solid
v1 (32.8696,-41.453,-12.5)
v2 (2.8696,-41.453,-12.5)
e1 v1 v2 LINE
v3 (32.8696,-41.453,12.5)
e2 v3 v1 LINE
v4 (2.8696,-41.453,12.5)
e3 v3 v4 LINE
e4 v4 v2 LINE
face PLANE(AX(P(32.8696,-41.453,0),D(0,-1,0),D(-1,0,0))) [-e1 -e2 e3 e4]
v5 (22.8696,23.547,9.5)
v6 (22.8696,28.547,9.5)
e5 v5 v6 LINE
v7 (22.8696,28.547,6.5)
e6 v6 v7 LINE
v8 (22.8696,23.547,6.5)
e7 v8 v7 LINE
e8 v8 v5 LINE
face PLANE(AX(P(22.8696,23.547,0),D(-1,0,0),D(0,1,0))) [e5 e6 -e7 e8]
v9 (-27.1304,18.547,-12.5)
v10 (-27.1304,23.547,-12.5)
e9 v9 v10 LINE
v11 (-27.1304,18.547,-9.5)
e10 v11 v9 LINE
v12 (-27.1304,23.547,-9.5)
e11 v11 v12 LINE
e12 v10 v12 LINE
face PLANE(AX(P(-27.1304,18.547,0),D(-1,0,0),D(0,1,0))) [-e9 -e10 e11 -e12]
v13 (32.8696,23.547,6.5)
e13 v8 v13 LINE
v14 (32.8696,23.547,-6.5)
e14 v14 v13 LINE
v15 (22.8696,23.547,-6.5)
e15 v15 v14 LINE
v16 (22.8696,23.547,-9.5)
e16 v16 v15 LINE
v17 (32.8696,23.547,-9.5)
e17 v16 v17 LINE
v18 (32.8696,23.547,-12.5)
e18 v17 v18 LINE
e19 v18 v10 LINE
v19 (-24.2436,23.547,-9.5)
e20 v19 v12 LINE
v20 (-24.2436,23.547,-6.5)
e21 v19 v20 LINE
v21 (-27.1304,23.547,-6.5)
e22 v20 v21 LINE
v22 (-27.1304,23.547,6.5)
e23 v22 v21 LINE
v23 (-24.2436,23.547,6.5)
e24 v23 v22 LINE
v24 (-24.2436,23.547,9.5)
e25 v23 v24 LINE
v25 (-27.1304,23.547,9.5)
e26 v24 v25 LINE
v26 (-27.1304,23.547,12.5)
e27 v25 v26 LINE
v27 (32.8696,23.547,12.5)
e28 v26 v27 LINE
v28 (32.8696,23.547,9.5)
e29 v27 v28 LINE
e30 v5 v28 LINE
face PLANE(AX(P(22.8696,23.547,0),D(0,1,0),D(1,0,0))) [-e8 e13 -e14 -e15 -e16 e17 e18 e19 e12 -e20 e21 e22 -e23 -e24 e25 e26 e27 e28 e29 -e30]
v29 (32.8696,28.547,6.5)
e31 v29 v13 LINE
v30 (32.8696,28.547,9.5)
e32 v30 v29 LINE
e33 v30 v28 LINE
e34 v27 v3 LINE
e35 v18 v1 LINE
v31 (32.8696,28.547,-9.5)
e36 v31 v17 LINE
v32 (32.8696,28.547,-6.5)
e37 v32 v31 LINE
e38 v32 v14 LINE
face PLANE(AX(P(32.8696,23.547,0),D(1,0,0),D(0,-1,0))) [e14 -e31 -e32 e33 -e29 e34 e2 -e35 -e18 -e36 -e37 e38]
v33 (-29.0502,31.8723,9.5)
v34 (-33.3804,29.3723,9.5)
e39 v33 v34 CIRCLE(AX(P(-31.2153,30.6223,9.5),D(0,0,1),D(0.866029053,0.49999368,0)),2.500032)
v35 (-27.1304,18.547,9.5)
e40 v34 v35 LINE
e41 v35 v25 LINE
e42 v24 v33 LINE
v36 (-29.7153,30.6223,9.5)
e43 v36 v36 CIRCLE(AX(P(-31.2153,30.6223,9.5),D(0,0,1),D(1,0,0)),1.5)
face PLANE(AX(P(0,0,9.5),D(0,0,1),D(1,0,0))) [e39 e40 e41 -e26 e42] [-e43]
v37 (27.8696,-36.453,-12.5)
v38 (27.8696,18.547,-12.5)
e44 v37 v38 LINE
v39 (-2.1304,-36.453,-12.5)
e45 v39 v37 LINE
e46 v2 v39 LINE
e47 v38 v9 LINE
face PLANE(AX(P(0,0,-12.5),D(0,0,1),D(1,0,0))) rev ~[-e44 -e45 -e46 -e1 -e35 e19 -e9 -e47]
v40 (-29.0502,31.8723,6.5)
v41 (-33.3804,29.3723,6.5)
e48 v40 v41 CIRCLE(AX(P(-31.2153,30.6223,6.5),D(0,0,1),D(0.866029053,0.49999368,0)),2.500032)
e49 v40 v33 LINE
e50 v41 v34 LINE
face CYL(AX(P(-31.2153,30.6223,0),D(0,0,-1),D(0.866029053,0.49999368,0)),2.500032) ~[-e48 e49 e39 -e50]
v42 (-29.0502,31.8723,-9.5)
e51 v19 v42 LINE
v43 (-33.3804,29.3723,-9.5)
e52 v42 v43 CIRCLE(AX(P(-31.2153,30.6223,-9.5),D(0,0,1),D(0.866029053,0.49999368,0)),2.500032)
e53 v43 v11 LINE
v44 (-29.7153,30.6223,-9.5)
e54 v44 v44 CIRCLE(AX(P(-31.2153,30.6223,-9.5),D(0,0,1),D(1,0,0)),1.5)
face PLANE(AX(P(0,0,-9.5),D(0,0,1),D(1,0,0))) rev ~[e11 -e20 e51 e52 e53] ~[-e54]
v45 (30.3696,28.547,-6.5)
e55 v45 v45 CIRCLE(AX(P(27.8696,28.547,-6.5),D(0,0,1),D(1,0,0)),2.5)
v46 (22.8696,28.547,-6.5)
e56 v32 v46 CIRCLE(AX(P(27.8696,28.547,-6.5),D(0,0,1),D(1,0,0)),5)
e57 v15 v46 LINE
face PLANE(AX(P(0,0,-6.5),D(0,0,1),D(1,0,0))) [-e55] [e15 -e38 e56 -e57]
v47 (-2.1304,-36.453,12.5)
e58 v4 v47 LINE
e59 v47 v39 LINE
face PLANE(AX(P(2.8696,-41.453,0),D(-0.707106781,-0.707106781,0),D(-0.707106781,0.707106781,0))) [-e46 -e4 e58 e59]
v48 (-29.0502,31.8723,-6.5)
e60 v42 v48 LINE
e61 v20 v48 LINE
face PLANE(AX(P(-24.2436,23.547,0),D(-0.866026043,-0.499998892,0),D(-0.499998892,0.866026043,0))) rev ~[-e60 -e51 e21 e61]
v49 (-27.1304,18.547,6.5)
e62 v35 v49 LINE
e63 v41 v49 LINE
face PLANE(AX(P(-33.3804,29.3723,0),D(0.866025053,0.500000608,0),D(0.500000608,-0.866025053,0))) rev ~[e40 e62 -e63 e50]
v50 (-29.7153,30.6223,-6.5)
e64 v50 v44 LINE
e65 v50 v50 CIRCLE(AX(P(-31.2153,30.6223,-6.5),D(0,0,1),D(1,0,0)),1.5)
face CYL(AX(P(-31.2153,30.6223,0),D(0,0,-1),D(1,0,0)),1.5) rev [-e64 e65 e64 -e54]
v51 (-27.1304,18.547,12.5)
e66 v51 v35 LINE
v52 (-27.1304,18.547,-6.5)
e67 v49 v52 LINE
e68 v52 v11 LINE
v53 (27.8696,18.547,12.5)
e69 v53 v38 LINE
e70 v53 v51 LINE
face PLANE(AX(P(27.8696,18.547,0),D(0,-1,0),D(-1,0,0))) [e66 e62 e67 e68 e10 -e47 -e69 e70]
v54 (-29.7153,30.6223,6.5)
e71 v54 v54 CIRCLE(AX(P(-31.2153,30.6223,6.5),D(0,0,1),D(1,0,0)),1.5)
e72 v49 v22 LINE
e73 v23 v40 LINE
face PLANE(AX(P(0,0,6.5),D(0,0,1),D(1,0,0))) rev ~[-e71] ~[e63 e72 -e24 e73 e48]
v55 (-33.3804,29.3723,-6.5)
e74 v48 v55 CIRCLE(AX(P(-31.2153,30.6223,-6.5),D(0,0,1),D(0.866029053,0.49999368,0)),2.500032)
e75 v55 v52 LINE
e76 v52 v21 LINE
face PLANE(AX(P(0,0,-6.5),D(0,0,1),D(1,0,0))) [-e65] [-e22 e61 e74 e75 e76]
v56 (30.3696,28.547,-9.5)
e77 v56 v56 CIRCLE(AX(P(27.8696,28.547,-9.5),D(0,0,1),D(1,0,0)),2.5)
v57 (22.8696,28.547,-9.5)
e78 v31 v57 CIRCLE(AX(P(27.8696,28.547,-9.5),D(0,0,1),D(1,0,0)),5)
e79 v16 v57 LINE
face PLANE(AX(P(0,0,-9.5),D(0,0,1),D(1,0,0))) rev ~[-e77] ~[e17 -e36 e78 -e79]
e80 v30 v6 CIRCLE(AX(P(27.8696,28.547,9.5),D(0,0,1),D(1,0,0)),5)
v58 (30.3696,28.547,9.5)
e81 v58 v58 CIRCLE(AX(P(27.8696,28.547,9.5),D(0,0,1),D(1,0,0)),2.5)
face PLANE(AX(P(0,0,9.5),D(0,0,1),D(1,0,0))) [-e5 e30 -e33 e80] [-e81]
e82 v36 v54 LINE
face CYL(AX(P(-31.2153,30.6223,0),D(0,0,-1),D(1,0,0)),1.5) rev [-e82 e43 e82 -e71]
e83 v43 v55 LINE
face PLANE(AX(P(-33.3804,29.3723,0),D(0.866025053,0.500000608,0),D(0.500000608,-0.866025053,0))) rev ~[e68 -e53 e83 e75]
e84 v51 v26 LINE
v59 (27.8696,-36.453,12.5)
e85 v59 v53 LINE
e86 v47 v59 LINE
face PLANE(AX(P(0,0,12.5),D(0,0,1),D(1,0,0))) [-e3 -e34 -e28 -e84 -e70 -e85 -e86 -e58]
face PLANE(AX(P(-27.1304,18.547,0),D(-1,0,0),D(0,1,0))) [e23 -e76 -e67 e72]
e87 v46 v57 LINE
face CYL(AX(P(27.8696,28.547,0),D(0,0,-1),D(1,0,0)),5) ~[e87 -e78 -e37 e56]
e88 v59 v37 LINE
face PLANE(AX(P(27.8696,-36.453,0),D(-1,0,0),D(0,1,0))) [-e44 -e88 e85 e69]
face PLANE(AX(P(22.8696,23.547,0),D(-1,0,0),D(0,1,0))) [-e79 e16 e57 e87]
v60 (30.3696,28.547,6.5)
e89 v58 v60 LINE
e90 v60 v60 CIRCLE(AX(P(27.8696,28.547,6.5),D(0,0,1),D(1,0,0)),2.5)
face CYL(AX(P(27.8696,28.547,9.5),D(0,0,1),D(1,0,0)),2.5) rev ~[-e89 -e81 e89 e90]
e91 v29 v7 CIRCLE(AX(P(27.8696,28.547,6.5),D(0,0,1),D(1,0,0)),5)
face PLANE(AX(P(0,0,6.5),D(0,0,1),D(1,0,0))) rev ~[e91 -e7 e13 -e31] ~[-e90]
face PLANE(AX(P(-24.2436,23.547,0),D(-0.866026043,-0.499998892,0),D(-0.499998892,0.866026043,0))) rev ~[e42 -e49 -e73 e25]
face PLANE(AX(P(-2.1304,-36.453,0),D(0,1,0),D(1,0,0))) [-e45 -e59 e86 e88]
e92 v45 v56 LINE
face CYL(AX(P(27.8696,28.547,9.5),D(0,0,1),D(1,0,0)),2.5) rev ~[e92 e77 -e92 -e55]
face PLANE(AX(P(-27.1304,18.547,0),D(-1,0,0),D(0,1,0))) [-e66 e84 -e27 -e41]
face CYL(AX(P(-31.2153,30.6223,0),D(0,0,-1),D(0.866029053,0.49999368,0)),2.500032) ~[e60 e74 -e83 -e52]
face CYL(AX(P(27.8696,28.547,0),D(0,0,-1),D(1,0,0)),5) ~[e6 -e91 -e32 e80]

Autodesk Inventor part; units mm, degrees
ref_plane "YZ Plane" through (0, 0, 0) normal (1, 0, 0) x (0, 1, 0)
ref_plane "XZ Plane" through (0, 0, 0) normal (0, 1, 0) x (-1, 0, 0)
sketch "Sketch1" plane through (0, 0, 0) normal (0, 0, 1) x (1, 0, 0)
  circle A0 centre (-31.2153, 30.6223) radius 1.5
  line L0 (22.8696, 23.547) -> (22.8696, 28.547)
  line L1 (-24.2436, 23.547) -> (22.8696, 23.547)
  line L2 (-24.2436, 23.547) -> (-29.0502, 31.8723)
  arc A1 (-29.0502, 31.8723) -> (-33.3804, 29.3723) centre (-31.2153, 30.6223) ccw
  line L3 (-33.3804, 29.3723) -> (-27.1304, 18.547)
  line L4 (27.8696, 18.547) -> (-27.1304, 18.547)
  line L5 (27.8696, -36.453) -> (27.8696, 18.547)
  line L6 (-2.1304, -36.453) -> (27.8696, -36.453)
  line L7 (2.8696, -41.453) -> (-2.1304, -36.453)
  line L8 (32.8696, -41.453) -> (2.8696, -41.453)
  line L9 (32.8696, 28.547) -> (32.8696, -41.453)
  arc A2 (32.8696, 28.547) -> (22.8696, 28.547) centre (27.8696, 28.547) ccw
  line L10 (27.8696, 18.547) -> (-27.1304, 18.547)
  line L11 (-24.2436, 23.547) -> (-27.1304, 23.547)
  line L12 (-27.1304, 18.547) -> (-27.1304, 23.547)
  line L13 (-27.1304, 23.547) -> (-24.2436, 23.547)
  line L14 (-24.2436, 23.547) -> (32.8696, 23.547)
  line L15 (32.8696, 28.547) -> (32.8696, -41.453)
  point P0 (0, 0)
  point P1 (-2.3882, 28.0958)
  point P2 (32.8696, 23.547)
  point P3 (22.8696, 23.547)
  dimension "d6" = 10
  dimension "d7" = 60
  dimension "d9" = 30
  dimension "d10" = 55
  dimension "d11" = 5
  dimension "d14" = 65
  dimension "d15" = 5
  dimension "d19" = 5
  dimension "d20" = 5
  dimension "d28" = 30
extrude "Extrusion1" add sketch "Sketch1" along normal mid plane 25 contours L14 L9 L8 L7 L6 L5 L4 L12 L11 L1
extrude "Extrusion2" add sketch "Sketch1" along normal mid plane 19 contours L11 L12 L3 A1 L2
extrude "Extrusion3" cut sketch "Sketch1" along normal mid plane 13 contours L0 A2 L9 L14 | L11 L12 L3 A1 L2
ref_plane "Work Plane1" through (-95.3031, 23.4838, 9.5) normal (0, 0, -1) x (-0.001, 1, 0)
extrude "Extrusion5" add sketch "Sketch1" along normal mid plane 19 contours L0 A2 L9 L14
extrude "Extrusion6" cut sketch "Sketch1" along normal mid plane 13 contours L0 A2 L9 L14
sketch "Sketch3" plane through (0, 0, 9.5) normal (0, 0, 1) x (1, 0, 0)
  arc A0 (32.8696, 28.547) -> (22.8696, 28.547) centre (27.8696, 28.547) ccw projected
  circle A1 centre (27.8696, 28.547) radius 2.5
  point P0 (0, 0)
  dimension "d25" = 5
extrude "Extrusion7" cut sketch "Sketch3" against normal through all
properties part number "Claw New side"
